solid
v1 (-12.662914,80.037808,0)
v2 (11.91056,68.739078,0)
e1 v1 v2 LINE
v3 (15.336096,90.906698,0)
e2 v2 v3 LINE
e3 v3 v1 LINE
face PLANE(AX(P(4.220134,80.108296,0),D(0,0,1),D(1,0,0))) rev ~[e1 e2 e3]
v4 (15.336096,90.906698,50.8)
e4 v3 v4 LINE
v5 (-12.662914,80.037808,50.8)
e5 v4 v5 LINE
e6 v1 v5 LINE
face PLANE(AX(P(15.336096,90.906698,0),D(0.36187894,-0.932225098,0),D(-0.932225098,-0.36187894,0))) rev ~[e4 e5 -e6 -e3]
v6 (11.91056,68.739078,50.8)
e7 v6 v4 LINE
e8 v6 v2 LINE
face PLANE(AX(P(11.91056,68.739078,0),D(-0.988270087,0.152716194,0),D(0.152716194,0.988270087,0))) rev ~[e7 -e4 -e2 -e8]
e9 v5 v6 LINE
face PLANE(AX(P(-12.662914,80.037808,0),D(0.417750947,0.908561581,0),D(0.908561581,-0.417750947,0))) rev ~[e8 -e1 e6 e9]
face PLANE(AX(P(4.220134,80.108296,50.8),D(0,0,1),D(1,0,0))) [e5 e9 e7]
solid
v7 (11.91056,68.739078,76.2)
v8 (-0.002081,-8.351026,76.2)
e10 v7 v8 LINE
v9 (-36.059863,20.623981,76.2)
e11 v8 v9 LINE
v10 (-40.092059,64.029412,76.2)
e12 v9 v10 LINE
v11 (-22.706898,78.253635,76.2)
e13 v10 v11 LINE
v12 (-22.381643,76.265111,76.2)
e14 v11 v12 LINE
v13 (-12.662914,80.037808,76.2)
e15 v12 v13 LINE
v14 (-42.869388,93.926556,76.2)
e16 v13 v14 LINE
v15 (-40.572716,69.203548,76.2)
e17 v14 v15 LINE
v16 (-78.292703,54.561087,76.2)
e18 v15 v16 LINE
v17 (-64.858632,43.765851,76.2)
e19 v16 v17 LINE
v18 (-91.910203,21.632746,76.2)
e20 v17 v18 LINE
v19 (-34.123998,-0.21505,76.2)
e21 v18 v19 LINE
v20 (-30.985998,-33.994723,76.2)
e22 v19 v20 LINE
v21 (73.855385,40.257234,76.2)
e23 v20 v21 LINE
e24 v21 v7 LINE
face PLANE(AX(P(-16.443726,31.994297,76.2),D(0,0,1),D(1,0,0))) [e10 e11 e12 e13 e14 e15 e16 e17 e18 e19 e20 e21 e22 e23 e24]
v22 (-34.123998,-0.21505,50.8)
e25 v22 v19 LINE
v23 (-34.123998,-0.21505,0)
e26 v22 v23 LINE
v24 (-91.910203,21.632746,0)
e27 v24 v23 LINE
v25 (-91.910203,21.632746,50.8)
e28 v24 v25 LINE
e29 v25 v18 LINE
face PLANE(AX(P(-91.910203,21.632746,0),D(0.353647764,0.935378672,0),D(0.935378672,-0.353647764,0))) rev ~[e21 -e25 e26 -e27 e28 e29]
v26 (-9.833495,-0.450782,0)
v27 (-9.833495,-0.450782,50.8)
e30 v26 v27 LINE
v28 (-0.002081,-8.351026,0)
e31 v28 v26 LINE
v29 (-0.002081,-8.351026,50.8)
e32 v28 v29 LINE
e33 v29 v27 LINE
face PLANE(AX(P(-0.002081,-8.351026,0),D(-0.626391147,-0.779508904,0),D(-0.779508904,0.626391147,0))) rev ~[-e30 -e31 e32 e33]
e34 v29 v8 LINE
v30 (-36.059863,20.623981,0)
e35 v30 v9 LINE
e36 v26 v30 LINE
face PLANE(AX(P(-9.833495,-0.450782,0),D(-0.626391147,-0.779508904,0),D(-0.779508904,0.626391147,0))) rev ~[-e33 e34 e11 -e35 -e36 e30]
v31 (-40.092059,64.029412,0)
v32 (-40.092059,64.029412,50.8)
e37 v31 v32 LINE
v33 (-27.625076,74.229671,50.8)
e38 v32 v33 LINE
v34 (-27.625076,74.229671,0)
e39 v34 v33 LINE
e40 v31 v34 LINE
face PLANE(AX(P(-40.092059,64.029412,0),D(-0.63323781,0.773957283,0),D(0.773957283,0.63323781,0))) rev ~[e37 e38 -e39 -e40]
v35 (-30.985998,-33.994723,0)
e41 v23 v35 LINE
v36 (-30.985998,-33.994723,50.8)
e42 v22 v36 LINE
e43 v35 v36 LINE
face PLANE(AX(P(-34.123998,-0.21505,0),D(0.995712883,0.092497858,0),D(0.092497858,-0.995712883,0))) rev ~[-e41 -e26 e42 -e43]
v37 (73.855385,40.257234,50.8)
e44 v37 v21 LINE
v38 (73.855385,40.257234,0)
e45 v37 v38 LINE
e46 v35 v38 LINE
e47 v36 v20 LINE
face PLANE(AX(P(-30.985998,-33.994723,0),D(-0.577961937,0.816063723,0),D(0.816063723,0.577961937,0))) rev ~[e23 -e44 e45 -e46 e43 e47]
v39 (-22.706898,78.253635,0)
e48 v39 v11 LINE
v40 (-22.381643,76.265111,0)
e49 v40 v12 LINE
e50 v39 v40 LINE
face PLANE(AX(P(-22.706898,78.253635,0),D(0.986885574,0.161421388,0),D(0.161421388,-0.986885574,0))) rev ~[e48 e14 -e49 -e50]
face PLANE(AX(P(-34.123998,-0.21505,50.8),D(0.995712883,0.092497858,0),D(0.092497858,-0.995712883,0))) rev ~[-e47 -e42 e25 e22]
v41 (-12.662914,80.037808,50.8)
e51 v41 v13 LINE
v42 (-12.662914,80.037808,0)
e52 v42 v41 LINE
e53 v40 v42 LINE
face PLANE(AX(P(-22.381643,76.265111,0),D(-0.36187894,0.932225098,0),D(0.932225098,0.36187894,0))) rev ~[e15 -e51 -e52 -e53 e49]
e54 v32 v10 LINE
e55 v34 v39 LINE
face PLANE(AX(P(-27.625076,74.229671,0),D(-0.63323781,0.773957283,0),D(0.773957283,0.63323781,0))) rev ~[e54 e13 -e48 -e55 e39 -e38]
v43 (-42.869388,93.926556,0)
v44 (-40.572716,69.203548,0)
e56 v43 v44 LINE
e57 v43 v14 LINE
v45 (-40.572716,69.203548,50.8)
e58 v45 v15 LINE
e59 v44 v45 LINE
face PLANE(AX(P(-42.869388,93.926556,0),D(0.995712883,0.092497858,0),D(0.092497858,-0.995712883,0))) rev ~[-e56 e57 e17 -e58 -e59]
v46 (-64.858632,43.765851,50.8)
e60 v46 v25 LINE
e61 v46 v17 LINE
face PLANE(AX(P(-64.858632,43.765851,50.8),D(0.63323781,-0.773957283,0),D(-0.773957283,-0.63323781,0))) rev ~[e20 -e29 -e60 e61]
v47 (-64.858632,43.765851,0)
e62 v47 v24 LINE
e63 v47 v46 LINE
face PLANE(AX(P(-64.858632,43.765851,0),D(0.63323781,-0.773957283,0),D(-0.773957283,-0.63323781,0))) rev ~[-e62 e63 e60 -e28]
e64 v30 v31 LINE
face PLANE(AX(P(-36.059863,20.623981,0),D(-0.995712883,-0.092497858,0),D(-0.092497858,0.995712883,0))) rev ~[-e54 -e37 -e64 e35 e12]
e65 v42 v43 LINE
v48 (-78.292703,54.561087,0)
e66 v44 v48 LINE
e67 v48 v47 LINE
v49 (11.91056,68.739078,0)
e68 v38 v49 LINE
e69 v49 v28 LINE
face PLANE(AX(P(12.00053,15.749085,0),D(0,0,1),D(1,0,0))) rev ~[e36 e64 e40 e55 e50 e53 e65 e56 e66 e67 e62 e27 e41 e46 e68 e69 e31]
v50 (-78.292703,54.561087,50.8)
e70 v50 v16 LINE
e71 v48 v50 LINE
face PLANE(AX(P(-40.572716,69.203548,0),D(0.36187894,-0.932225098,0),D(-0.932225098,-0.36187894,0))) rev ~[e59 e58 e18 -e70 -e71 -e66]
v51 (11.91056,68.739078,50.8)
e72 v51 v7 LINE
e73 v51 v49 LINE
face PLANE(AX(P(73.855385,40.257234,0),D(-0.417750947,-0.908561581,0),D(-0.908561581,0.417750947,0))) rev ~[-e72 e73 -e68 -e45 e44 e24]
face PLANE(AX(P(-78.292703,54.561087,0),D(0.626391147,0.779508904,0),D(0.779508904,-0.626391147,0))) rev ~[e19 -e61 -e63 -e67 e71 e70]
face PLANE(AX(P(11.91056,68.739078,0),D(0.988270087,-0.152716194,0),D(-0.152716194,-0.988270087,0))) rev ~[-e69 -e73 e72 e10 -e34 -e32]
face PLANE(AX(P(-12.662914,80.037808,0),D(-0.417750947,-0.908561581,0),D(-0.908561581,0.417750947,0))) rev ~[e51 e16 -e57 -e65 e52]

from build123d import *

# Parameters (mm, degrees)
F1_DEPTH = 50.8
F3_DEPTH = 25.4


with BuildPart() as f1:
    # F0 (on Top) → F1 (new body)
    with BuildSketch(Plane.XY):
        Polygon((-12.6629137388, 80.0378082279), (11.9105604724, 68.7390780869), (15.3360962868, 90.9066982567), align=None)
    extrude(amount=F1_DEPTH)



with BuildPart() as f1b:
    # F0 (on Top) → F1, piece 2 (new body)
    with BuildSketch(Plane.XY):
        Polygon((-34.1239980282, -0.2150503281), (-30.985997676, -33.9947231274), (73.8553851843, 40.2572341263), (11.9105604724, 68.7390780869), (-0.0020810035, -8.3510257005), (-9.8334949385, -0.4507815641), (-8.273422718, -9.9886301905), align=None)
        Polygon((-91.9102034833, 21.6327455985), (-34.1239980282, -0.2150503281), (-36.0598630347, 20.6239806361), (-64.8586318768, 43.7658507867), align=None)
        Polygon((-64.8586318768, 43.7658507867), (-40.0920589133, 64.0294115337), (-40.5727160494, 69.2035475963), (-78.2927028271, 54.5610874592), align=None)
        Polygon((-36.0598630347, 20.6239806361), (-34.1239980282, -0.2150503281), (-8.273422718, -9.9886301905), (-9.8334949385, -0.4507815641), align=None)
        Polygon((-64.8586318768, 43.7658507867), (-36.0598630347, 20.6239806361), (-40.0920589133, 64.0294115337), align=None)
        Polygon((-40.5727160494, 69.2035475963), (-40.0920589133, 64.0294115337), (-27.6250758671, 74.2296709181), align=None)
        Polygon((-22.3816425497, 76.2651107443), (-12.6629137388, 80.0378082279), (-42.8693875083, 93.9265564244), (-40.5727160494, 69.2035475963), (-27.6250758671, 74.2296709181), (-22.7068983648, 78.2536345375), align=None)
    extrude(amount=F1_DEPTH)


with BuildPart() as f1_1:
    add(f1.part)

    add(f1b.part)  # F3 merges F1b
    # F2 (on Top) + F1_face (on face) + F1_face1 (on face) → F3 (join)
    with BuildSketch(Plane.XY):
        Polygon((11.9105604724, 68.7390780869), (-0.0020810035, -8.3510257005), (-36.0598630347, 20.6239806361), (-40.0920589133, 64.0294115337), (-22.7068983648, 78.2536345375), (-22.3816425497, 76.2651107443), (-12.6629137388, 80.0378082279), (-42.8693875083, 93.9265564244), (-40.5727160494, 69.2035475963), (-78.2927028271, 54.5610874592), (-64.8586318768, 43.7658507867), (-91.9102034833, 21.6327455985), (-34.1239980282, -0.2150503281), (-30.985997676, -33.9947231274), (73.8553851843, 40.2572341263), align=None)
        with BuildLine():
            add(Edge.make_bspline(
                [(-50.4296496511, 46.5946868062), (-54.7054451045, 47.8722705974), (-66.4098019094, 35.9516436531), (-39.8370794277, 25.946602289), (-45.778728134, 45.2050174432), (-50.4296496511, 46.5946868062)],
                knots=[0, 0, 0, 0, 0.3172189531, 0.6549506471, 1, 1, 1, 1], degree=3))
        make_face(mode=Mode.SUBTRACT)
        with BuildLine():
            add(Edge.make_bspline(
                [(25.4836957902, 45.4683750868), (28.757586761, 44.6744122845), (31.136551035, 27.5849724225), (12.800043704, 32.2532783382), (22.2382097568, 46.2554493079), (25.4836957902, 45.4683750868)],
                knots=[0, 0, 0, 0, 0.35616054, 0.6469295806, 1, 1, 1, 1], degree=3))
        make_face(mode=Mode.SUBTRACT)
        with BuildLine():
            add(Edge.make_bspline(
                [(-50.4296496511, 46.5946868062), (-54.7054451045, 47.8722705974), (-66.4098019094, 35.9516436531), (-39.8370794277, 25.946602289), (-45.778728134, 45.2050174432), (-50.4296496511, 46.5946868062)],
                knots=[0, 0, 0, 0, 0.3172189531, 0.6549506471, 1, 1, 1, 1], degree=3))
        make_face()
        with BuildLine():
            add(Edge.make_bspline(
                [(25.4836957902, 45.4683750868), (28.757586761, 44.6744122845), (31.136551035, 27.5849724225), (12.800043704, 32.2532783382), (22.2382097568, 46.2554493079), (25.4836957902, 45.4683750868)],
                knots=[0, 0, 0, 0, 0.35616054, 0.6469295806, 1, 1, 1, 1], degree=3))
        make_face()
    with BuildSketch(Plane(origin=(-12.5695281599, 29.2954338549, 50.8), x_dir=(1, 0, 0), z_dir=(0, 0, 1))):
        Polygon((12.5674471564, -37.6464595554), (-23.4903348748, -8.6714532188), (-27.5225307534, 34.7339776789), (-10.1373702049, 48.9582006826), (-9.8121143898, 46.9696768894), (-0.0933855789, 50.742374373), (-30.2998593484, 64.6311225695), (-28.0031878895, 39.9081137415), (-65.7231746673, 25.2656536044), (-52.2891037169, 14.4704169318), (-79.3406753235, -7.6626882564), (-21.5544698683, -29.510484183), (-18.4164695162, -63.2901569823), (86.4249133441, 10.9618002714), (24.4800886323, 39.443644232), align=None)
    with BuildSketch(Plane(origin=(-12.5695281599, 29.2954338549, 0), x_dir=(1, 0, 0), z_dir=(0, 0, -1))):
        Polygon((-23.4903348748, 8.6714532188), (12.5674471564, 37.6464595554), (24.4800886323, -39.443644232), (86.4249133441, -10.9618002714), (-18.4164695162, 63.2901569823), (-21.5544698683, 29.510484183), (-79.3406753235, 7.6626882564), (-52.2891037169, -14.4704169318), (-65.7231746673, -25.2656536044), (-28.0031878895, -39.9081137415), (-30.2998593484, -64.6311225695), (-0.0933855789, -50.742374373), (-9.8121143898, -46.9696768894), (-10.1373702049, -48.9582006826), (-27.5225307534, -34.7339776789), align=None)
    extrude(amount=F3_DEPTH, dir=(0, 0, 1))


solid = f1_1.part
